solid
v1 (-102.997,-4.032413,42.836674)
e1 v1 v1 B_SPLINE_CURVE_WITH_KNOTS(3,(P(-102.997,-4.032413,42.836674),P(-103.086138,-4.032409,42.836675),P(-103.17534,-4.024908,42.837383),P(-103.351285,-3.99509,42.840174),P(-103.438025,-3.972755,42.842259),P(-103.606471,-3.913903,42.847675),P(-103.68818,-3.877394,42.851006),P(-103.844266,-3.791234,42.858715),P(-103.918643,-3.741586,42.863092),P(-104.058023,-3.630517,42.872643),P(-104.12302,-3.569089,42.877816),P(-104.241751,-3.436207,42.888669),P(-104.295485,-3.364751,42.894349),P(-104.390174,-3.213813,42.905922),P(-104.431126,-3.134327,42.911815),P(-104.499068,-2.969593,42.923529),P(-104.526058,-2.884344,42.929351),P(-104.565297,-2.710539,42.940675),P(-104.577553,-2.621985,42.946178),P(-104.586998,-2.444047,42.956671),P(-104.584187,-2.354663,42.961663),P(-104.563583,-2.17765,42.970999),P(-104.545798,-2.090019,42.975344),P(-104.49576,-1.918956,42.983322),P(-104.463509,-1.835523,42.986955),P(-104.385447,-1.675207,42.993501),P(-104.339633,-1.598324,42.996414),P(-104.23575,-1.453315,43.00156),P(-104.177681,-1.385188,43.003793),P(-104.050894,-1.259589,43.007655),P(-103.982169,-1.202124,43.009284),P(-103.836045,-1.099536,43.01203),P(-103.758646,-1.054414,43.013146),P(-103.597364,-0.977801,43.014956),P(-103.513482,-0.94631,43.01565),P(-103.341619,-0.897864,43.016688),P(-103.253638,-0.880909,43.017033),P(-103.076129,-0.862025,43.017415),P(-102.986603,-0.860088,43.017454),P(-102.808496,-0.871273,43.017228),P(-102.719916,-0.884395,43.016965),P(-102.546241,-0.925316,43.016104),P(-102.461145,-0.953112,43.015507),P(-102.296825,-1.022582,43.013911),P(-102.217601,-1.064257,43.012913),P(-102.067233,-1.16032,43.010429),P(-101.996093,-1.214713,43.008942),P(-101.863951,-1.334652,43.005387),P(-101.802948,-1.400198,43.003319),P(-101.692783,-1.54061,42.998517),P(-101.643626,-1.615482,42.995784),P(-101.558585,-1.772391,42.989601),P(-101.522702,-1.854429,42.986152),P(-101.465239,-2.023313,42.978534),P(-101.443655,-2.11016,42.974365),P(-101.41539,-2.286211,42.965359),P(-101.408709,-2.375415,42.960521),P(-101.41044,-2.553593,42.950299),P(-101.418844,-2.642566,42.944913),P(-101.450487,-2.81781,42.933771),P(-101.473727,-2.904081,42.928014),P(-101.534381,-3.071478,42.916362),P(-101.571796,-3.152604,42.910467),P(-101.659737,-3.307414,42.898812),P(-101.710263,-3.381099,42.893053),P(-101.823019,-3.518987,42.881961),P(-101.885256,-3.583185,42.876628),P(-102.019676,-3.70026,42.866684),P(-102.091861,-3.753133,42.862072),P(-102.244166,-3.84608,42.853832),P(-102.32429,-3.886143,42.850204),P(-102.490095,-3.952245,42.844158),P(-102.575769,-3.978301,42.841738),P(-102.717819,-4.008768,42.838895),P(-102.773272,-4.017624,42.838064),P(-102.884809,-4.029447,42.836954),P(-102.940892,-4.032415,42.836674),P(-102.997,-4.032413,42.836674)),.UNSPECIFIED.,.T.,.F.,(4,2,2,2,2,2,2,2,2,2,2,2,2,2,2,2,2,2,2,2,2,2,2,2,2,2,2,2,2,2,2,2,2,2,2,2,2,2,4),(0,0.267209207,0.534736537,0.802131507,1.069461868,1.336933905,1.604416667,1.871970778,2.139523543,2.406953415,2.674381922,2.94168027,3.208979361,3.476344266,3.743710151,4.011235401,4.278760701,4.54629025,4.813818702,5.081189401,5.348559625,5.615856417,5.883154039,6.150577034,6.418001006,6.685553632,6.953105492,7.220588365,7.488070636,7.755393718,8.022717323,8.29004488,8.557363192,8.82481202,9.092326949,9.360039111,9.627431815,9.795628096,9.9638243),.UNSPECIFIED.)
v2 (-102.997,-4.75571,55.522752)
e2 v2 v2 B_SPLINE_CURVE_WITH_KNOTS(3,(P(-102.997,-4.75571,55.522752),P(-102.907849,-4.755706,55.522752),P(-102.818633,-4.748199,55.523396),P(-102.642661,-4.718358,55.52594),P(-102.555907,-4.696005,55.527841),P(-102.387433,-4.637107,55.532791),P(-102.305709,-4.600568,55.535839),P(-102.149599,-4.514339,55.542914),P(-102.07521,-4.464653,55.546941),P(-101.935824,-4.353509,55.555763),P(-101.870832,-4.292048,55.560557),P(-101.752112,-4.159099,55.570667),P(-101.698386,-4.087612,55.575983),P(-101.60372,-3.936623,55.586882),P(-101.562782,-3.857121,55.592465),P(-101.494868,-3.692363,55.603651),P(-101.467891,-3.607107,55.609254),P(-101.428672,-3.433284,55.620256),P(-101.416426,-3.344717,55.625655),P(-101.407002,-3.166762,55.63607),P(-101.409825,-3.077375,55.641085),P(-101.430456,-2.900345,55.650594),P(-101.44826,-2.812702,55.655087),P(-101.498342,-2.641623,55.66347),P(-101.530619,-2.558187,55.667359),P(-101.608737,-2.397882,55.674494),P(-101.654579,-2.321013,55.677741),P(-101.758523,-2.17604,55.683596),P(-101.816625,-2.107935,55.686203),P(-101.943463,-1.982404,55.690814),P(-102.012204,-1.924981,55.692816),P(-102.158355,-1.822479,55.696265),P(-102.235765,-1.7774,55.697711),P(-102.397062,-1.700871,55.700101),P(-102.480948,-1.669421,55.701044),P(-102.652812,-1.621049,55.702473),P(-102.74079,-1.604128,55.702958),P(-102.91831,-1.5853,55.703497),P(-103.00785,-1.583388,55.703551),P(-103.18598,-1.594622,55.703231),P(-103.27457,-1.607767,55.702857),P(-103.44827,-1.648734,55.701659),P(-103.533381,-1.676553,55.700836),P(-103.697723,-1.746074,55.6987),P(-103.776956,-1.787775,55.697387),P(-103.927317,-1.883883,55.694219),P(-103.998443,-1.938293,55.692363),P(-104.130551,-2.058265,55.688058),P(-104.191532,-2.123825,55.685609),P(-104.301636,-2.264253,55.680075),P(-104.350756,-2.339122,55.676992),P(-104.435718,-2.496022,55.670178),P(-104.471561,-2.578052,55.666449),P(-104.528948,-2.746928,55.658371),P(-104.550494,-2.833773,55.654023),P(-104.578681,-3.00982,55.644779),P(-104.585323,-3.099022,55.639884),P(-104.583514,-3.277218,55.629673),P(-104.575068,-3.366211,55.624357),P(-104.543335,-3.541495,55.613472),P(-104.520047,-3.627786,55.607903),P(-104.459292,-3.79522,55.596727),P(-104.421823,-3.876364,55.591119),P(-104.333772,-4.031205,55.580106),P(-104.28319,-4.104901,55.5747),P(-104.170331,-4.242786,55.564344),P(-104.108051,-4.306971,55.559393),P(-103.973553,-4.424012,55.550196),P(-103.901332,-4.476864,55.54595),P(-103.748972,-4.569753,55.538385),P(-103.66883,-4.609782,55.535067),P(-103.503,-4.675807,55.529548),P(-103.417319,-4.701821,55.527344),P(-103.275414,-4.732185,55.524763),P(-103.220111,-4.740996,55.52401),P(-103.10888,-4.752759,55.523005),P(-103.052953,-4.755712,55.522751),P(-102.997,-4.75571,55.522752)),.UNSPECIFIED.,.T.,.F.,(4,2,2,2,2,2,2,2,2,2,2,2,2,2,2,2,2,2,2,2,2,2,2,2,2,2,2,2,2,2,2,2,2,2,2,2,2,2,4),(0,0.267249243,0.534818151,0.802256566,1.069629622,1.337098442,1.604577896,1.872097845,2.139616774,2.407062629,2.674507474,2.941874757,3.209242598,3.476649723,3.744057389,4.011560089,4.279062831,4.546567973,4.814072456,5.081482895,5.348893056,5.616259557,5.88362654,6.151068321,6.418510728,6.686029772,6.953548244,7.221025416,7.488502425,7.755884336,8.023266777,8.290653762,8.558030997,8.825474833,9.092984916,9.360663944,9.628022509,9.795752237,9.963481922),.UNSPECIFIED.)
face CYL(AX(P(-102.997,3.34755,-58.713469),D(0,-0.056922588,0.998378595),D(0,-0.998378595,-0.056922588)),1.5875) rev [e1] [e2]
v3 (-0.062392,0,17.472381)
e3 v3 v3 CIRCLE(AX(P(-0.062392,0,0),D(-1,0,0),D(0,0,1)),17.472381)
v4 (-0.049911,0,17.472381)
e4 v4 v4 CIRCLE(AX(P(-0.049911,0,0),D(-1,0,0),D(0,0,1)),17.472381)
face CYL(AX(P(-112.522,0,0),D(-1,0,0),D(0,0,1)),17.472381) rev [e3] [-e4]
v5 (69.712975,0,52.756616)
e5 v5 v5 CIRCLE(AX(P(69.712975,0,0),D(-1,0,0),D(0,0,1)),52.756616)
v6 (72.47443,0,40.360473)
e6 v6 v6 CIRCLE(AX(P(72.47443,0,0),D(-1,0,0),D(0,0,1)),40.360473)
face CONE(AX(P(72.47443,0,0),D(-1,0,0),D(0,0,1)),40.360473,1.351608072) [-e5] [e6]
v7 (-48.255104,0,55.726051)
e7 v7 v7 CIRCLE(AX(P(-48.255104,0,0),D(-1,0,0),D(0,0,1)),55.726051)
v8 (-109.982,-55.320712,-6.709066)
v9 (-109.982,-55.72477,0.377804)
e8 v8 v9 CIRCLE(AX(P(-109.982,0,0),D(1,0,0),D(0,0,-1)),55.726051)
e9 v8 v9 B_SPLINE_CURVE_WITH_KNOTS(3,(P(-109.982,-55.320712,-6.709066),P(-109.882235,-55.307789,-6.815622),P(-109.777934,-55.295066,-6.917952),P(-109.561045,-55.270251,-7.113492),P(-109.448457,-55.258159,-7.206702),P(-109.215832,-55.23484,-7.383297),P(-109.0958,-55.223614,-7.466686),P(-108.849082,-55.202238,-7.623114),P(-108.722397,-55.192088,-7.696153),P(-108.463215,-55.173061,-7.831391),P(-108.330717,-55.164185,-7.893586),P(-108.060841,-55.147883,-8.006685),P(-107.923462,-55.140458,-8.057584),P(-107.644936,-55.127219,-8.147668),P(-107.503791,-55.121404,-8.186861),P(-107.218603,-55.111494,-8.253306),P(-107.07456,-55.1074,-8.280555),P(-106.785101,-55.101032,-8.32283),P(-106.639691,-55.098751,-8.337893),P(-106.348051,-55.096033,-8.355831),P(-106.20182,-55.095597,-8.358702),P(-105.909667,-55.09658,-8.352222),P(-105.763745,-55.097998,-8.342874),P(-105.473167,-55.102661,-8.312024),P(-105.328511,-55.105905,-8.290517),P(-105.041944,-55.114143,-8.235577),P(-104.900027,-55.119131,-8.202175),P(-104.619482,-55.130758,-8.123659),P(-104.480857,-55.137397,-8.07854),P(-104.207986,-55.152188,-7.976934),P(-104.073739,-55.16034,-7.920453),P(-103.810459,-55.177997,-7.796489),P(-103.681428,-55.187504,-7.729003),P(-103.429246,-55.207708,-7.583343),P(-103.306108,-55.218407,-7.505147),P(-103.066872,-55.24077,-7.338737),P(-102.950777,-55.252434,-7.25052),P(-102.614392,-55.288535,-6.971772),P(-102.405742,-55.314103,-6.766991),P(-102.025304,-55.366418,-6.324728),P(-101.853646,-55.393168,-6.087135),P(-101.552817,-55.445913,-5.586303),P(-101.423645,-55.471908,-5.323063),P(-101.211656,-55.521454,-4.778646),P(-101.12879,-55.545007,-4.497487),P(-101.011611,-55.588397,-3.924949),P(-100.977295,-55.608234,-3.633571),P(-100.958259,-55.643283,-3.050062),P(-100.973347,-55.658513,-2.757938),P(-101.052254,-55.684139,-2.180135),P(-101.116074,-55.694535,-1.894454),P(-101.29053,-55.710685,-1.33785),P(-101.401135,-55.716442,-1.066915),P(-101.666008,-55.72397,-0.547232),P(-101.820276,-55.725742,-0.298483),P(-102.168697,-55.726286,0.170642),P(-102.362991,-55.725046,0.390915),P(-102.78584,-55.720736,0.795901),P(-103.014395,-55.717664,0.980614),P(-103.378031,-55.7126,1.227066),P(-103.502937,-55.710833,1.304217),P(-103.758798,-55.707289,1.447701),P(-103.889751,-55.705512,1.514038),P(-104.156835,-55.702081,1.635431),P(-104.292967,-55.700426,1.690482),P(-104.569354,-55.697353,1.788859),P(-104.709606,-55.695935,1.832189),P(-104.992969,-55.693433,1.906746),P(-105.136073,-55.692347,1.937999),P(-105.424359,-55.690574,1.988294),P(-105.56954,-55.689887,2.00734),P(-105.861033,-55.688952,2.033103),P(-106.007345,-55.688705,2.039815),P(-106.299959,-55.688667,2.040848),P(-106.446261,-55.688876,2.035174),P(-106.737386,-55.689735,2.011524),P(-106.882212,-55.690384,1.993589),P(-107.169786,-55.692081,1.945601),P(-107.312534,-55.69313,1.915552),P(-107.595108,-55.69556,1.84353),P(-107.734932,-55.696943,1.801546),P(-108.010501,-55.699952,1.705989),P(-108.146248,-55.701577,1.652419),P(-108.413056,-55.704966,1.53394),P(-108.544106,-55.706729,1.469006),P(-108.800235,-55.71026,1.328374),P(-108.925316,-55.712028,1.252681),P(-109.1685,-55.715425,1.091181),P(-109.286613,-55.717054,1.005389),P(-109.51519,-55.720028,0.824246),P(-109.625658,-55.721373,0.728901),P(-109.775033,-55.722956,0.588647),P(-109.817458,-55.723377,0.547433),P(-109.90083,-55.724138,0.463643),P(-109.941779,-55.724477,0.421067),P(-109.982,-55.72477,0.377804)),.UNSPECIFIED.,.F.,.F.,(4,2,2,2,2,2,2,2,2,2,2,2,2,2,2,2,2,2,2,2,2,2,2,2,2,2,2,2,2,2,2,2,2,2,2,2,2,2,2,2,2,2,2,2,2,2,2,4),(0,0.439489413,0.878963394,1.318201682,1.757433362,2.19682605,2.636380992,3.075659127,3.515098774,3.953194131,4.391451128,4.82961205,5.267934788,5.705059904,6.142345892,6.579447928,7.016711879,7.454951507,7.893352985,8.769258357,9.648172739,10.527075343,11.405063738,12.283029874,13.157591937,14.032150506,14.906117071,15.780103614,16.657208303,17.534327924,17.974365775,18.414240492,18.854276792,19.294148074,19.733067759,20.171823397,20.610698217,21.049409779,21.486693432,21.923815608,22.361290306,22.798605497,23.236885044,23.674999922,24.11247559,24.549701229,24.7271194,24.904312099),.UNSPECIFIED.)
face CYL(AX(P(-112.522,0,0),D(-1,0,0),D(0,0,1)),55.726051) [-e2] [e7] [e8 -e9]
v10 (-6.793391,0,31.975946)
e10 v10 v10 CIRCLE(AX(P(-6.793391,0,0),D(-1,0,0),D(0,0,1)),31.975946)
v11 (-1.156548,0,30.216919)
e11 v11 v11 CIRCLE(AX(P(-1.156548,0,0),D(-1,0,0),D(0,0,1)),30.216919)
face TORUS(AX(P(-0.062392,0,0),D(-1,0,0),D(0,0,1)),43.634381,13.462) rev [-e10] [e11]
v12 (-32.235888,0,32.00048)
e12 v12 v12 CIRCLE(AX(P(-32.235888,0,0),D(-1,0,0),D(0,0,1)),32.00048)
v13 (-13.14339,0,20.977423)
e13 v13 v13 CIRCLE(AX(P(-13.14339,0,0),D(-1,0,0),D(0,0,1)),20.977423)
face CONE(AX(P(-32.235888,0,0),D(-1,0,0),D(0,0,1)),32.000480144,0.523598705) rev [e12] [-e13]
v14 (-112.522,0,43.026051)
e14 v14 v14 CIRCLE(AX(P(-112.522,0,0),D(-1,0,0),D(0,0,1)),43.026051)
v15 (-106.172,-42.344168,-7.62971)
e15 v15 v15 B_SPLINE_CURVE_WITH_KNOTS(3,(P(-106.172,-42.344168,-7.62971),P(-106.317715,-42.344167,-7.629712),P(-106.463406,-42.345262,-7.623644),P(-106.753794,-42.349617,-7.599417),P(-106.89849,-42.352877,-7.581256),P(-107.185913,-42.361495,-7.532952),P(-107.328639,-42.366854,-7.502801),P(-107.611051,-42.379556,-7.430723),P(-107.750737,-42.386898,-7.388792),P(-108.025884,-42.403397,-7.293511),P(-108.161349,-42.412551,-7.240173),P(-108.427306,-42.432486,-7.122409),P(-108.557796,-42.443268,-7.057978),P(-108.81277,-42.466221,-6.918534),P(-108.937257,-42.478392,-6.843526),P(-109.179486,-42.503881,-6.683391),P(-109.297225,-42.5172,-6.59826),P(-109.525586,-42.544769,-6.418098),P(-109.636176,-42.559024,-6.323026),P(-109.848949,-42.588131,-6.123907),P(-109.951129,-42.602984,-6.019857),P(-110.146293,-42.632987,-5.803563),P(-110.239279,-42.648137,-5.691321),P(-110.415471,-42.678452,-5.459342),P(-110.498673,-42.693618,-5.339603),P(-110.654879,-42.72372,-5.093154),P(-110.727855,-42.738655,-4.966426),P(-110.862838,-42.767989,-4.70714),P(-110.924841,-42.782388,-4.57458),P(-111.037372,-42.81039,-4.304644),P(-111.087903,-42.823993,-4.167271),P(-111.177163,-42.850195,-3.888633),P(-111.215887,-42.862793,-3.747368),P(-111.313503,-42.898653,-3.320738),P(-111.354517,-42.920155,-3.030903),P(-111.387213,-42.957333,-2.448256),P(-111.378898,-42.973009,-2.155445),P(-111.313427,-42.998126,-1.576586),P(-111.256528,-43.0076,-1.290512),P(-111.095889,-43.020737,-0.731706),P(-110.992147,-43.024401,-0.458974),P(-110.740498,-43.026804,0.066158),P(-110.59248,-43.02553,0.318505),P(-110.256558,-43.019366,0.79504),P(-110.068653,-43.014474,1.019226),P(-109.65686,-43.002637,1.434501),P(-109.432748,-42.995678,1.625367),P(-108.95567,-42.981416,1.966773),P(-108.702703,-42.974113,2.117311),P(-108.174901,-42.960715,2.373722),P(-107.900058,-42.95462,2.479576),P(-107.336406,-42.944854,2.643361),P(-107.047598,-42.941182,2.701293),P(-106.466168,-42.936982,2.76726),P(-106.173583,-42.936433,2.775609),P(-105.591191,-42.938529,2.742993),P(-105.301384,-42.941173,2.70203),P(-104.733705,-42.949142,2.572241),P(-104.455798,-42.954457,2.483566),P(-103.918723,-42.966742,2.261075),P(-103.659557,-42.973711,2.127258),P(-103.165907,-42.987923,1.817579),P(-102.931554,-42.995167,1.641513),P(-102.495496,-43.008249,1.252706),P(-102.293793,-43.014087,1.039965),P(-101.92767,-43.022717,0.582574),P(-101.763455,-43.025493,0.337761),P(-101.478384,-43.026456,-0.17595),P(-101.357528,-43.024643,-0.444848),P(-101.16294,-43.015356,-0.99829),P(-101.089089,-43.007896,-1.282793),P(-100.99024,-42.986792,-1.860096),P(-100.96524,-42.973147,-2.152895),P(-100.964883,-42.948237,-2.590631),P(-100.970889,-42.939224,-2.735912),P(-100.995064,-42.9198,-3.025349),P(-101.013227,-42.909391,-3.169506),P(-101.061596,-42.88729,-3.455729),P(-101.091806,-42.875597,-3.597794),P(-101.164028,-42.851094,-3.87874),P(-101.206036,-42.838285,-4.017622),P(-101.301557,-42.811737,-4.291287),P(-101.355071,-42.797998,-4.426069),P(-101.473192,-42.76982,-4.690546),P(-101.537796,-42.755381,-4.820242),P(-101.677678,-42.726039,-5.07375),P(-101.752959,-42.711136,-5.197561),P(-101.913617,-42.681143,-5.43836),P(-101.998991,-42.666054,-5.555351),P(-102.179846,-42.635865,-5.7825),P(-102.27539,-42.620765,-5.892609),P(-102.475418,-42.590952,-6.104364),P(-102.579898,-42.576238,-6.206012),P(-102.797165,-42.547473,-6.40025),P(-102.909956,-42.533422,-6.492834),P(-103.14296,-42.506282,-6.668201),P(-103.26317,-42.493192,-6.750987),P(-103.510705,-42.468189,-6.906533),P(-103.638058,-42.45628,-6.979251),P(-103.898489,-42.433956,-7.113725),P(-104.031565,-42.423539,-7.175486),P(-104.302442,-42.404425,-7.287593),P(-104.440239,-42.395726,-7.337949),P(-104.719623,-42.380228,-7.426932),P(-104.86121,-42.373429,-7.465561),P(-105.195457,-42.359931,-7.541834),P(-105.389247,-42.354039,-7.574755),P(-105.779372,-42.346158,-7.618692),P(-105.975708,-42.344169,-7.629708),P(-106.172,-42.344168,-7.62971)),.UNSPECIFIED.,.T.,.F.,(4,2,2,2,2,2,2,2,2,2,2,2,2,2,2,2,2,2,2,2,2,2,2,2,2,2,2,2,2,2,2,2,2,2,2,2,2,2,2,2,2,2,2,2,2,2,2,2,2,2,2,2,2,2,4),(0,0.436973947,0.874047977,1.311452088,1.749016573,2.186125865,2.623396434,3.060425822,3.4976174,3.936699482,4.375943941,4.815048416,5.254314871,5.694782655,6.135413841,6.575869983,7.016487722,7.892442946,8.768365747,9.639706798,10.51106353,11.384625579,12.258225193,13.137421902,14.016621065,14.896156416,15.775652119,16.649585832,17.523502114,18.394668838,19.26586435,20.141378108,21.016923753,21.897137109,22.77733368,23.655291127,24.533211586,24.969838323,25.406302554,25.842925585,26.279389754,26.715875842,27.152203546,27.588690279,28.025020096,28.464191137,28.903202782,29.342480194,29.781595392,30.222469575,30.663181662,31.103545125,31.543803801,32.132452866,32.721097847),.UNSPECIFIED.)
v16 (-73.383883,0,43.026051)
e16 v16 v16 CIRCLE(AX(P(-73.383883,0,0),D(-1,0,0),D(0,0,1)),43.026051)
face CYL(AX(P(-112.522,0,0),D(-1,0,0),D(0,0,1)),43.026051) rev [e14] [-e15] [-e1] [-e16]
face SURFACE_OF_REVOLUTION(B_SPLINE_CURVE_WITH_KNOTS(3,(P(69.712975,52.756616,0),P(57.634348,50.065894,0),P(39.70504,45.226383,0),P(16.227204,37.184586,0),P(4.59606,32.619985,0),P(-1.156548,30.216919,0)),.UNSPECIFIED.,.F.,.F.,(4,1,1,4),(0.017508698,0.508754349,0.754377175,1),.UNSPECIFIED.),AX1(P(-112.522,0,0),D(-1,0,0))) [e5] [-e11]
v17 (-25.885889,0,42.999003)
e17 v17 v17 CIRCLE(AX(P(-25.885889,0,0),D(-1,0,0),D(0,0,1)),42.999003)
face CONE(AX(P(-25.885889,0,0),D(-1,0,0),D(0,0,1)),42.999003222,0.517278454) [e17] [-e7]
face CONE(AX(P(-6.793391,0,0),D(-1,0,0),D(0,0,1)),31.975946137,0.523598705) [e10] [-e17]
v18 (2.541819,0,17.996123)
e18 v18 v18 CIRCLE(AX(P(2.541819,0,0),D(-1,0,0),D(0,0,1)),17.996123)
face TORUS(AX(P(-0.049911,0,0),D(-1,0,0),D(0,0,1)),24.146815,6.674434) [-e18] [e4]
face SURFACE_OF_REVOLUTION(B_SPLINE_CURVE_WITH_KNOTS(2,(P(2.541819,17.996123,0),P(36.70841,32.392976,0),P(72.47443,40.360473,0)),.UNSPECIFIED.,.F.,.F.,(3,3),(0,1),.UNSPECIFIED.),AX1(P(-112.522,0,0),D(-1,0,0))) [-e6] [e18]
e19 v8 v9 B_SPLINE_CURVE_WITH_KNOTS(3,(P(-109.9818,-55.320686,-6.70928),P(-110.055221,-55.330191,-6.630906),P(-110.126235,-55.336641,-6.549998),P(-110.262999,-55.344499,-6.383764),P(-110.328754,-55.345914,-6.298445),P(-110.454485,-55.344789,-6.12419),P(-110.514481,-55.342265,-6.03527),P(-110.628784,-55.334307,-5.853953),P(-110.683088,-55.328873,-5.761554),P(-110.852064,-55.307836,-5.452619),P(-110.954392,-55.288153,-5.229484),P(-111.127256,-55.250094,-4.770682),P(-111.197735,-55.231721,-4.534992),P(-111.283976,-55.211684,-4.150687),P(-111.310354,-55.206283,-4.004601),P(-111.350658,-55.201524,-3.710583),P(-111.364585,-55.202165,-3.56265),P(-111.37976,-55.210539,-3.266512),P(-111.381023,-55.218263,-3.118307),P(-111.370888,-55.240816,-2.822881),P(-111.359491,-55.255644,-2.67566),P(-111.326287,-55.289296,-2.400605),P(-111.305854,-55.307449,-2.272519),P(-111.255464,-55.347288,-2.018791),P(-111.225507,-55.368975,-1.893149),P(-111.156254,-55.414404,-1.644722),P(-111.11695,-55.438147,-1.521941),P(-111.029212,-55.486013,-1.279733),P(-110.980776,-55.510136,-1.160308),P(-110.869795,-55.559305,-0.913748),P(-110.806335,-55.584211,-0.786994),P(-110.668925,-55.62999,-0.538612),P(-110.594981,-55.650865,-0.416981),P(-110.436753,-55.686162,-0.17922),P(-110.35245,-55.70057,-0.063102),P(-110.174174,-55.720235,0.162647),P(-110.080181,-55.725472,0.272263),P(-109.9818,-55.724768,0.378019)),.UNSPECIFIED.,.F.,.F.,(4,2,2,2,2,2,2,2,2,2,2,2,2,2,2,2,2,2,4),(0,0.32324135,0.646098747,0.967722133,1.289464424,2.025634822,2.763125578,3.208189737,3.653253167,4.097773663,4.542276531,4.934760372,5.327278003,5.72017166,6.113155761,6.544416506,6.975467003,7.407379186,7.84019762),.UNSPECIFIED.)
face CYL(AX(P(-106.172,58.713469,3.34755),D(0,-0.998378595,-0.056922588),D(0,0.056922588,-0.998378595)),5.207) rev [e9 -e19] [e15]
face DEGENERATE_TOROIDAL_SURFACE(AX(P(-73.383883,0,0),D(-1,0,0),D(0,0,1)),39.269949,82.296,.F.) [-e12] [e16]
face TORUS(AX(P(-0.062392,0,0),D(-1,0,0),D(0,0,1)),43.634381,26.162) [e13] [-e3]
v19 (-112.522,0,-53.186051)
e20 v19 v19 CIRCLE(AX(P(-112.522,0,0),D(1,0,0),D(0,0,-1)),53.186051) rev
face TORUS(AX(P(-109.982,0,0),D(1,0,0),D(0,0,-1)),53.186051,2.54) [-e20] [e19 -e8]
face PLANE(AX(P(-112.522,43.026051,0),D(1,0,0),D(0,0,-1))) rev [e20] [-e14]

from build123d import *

# Parameters (mm, degrees)
FILLET1_R               = 2.54
CUT_EXTRUDE1_REACH      = 170.913
CUT_EXTRUDE1_END_RADIUS = 43.0260506
SKETCH2_R               = 1.5875
CUT_EXTRUDE2_REACH      = 170.913
CUT_EXTRUDE2_END_RADIUS = 43.0260506
SKETCH3_R               = 5.207


with BuildPart() as part:
    # Model → Revolve1 (revolve)
    with BuildSketch(Plane.XY, mode=Mode.PRIVATE) as revolve1_sk:
        with BuildLine():
            Line((-112.522, 43.0260506), (-73.383883216, 43.0260506))
            ThreePointArc((-73.383883216, 43.0260506), (-52.084113896, 40.221883155), (-32.235888265, 32.000480144))
            Line((-32.235888265, 32.000480144), (-13.143390216, 20.97742306))
            ThreePointArc((-13.143390216, 20.97742306), (-6.833614784, 18.363828893), (-0.062391821, 17.4723806))
            Line((-0.062391821, 17.4723806), (-0.049911, 17.4723806))
            ThreePointArc((-0.049911, 17.4723806), (1.272148929, 17.604626372), (2.541818849, 17.996123109))
            add(Edge.make_bspline(
                [(2.541818849, 17.996123109), (36.7084102, 32.3929756), (72.4744296, 40.360473)],
                knots=[0, 0, 0, 1, 1, 1], degree=2))
            Line((72.4744296, 40.360473), (69.712974983, 52.756616287))
            add(Edge.make_bspline(
                [(-1.156547602, 30.216919323), (4.596059921, 32.619985433), (16.22720374, 37.184585521), (39.705039846, 45.226383183), (57.634347708, 50.065893836), (69.712974983, 52.756616287)],
                knots=[0.017508698, 0.017508698, 0.017508698, 0.017508698, 0.263131524, 0.508754349, 1, 1, 1, 1], degree=3))
            ThreePointArc((-1.156547602, 30.216919323), (-4.072604577, 30.78355815), (-6.793390995, 31.975946137))
            Line((-6.793390995, 31.975946137), (-25.885889044, 42.999003222))
            Line((-25.885889044, 42.999003222), (-48.255103535, 55.7260506))
            Line((-48.255103535, 55.7260506), (-112.522, 55.7260506))
            Line((-112.522, 55.7260506), (-112.522, 43.0260506))
        make_face()
    revolve(revolve1_sk.sketch.rotate(Axis((-112.522, 0, 0), (1, 0, 0)), 90), axis=Axis((-112.522, 0, 0), (1, 0, 0)))

    # Fillet1
    fillet1_edges = [part.edges().sort_by_distance(p)[0] for p in [
        (-112.522, 0, -55.7260506),
    ]]
    fillet(fillet1_edges, radius=FILLET1_R)

    # Cut-Extrude1: up to this cylinder (the profile starts outside it)
    cut_extrude1_end = Plane(origin=(-102.997, 0, 0), z_dir=(-1, 0, 0)) * Cylinder(CUT_EXTRUDE1_END_RADIUS, 428.8781012, mode=Mode.PRIVATE)
    # Sketch2 → Cut-Extrude1 (cut, up to the surface)
    with BuildSketch(Plane(origin=(0, -3.172071011, 55.635696104), x_dir=(-1, 0, 0), z_dir=(0, -0.056922587846044495, 0.9983785950193993)), mode=Mode.PRIVATE) as cut_extrude1_sk1:
        with Locations(Location((102.997, 0, 0), (0, 0, 90))):
            Circle(SKETCH2_R)
    cut_extrude1_tool1 = extrude(cut_extrude1_sk1.sketch, amount=-CUT_EXTRUDE1_REACH, mode=Mode.PRIVATE) - cut_extrude1_end
    add(cut_extrude1_tool1.solids().sort_by_distance((-102.997, -3.172071, 55.635696))[0], mode=Mode.SUBTRACT)

    # Cut-Extrude2: up to this cylinder (the profile starts outside it)
    cut_extrude2_end = Plane(origin=(-106.172, 0, 0), z_dir=(-1, 0, 0)) * Cylinder(CUT_EXTRUDE2_END_RADIUS, 428.8781012, mode=Mode.PRIVATE)
    # Sketch3 → Cut-Extrude2 (cut, up to the surface)
    with BuildSketch(Plane(origin=(0, -55.635696104, -3.172071011), x_dir=(-1, 0, 0), z_dir=(0, -0.9983785950193991, -0.05692258784604798)), mode=Mode.PRIVATE) as cut_extrude2_sk1:
        with Locations(Location((106.172, 0, 0), (0, 0, 90))):
            Circle(SKETCH3_R)
    cut_extrude2_tool1 = extrude(cut_extrude2_sk1.sketch, amount=-CUT_EXTRUDE2_REACH, mode=Mode.PRIVATE) - cut_extrude2_end
    add(cut_extrude2_tool1.solids().sort_by_distance((-106.172, -55.635696, -3.172071))[0], mode=Mode.SUBTRACT)


solid = part.part
